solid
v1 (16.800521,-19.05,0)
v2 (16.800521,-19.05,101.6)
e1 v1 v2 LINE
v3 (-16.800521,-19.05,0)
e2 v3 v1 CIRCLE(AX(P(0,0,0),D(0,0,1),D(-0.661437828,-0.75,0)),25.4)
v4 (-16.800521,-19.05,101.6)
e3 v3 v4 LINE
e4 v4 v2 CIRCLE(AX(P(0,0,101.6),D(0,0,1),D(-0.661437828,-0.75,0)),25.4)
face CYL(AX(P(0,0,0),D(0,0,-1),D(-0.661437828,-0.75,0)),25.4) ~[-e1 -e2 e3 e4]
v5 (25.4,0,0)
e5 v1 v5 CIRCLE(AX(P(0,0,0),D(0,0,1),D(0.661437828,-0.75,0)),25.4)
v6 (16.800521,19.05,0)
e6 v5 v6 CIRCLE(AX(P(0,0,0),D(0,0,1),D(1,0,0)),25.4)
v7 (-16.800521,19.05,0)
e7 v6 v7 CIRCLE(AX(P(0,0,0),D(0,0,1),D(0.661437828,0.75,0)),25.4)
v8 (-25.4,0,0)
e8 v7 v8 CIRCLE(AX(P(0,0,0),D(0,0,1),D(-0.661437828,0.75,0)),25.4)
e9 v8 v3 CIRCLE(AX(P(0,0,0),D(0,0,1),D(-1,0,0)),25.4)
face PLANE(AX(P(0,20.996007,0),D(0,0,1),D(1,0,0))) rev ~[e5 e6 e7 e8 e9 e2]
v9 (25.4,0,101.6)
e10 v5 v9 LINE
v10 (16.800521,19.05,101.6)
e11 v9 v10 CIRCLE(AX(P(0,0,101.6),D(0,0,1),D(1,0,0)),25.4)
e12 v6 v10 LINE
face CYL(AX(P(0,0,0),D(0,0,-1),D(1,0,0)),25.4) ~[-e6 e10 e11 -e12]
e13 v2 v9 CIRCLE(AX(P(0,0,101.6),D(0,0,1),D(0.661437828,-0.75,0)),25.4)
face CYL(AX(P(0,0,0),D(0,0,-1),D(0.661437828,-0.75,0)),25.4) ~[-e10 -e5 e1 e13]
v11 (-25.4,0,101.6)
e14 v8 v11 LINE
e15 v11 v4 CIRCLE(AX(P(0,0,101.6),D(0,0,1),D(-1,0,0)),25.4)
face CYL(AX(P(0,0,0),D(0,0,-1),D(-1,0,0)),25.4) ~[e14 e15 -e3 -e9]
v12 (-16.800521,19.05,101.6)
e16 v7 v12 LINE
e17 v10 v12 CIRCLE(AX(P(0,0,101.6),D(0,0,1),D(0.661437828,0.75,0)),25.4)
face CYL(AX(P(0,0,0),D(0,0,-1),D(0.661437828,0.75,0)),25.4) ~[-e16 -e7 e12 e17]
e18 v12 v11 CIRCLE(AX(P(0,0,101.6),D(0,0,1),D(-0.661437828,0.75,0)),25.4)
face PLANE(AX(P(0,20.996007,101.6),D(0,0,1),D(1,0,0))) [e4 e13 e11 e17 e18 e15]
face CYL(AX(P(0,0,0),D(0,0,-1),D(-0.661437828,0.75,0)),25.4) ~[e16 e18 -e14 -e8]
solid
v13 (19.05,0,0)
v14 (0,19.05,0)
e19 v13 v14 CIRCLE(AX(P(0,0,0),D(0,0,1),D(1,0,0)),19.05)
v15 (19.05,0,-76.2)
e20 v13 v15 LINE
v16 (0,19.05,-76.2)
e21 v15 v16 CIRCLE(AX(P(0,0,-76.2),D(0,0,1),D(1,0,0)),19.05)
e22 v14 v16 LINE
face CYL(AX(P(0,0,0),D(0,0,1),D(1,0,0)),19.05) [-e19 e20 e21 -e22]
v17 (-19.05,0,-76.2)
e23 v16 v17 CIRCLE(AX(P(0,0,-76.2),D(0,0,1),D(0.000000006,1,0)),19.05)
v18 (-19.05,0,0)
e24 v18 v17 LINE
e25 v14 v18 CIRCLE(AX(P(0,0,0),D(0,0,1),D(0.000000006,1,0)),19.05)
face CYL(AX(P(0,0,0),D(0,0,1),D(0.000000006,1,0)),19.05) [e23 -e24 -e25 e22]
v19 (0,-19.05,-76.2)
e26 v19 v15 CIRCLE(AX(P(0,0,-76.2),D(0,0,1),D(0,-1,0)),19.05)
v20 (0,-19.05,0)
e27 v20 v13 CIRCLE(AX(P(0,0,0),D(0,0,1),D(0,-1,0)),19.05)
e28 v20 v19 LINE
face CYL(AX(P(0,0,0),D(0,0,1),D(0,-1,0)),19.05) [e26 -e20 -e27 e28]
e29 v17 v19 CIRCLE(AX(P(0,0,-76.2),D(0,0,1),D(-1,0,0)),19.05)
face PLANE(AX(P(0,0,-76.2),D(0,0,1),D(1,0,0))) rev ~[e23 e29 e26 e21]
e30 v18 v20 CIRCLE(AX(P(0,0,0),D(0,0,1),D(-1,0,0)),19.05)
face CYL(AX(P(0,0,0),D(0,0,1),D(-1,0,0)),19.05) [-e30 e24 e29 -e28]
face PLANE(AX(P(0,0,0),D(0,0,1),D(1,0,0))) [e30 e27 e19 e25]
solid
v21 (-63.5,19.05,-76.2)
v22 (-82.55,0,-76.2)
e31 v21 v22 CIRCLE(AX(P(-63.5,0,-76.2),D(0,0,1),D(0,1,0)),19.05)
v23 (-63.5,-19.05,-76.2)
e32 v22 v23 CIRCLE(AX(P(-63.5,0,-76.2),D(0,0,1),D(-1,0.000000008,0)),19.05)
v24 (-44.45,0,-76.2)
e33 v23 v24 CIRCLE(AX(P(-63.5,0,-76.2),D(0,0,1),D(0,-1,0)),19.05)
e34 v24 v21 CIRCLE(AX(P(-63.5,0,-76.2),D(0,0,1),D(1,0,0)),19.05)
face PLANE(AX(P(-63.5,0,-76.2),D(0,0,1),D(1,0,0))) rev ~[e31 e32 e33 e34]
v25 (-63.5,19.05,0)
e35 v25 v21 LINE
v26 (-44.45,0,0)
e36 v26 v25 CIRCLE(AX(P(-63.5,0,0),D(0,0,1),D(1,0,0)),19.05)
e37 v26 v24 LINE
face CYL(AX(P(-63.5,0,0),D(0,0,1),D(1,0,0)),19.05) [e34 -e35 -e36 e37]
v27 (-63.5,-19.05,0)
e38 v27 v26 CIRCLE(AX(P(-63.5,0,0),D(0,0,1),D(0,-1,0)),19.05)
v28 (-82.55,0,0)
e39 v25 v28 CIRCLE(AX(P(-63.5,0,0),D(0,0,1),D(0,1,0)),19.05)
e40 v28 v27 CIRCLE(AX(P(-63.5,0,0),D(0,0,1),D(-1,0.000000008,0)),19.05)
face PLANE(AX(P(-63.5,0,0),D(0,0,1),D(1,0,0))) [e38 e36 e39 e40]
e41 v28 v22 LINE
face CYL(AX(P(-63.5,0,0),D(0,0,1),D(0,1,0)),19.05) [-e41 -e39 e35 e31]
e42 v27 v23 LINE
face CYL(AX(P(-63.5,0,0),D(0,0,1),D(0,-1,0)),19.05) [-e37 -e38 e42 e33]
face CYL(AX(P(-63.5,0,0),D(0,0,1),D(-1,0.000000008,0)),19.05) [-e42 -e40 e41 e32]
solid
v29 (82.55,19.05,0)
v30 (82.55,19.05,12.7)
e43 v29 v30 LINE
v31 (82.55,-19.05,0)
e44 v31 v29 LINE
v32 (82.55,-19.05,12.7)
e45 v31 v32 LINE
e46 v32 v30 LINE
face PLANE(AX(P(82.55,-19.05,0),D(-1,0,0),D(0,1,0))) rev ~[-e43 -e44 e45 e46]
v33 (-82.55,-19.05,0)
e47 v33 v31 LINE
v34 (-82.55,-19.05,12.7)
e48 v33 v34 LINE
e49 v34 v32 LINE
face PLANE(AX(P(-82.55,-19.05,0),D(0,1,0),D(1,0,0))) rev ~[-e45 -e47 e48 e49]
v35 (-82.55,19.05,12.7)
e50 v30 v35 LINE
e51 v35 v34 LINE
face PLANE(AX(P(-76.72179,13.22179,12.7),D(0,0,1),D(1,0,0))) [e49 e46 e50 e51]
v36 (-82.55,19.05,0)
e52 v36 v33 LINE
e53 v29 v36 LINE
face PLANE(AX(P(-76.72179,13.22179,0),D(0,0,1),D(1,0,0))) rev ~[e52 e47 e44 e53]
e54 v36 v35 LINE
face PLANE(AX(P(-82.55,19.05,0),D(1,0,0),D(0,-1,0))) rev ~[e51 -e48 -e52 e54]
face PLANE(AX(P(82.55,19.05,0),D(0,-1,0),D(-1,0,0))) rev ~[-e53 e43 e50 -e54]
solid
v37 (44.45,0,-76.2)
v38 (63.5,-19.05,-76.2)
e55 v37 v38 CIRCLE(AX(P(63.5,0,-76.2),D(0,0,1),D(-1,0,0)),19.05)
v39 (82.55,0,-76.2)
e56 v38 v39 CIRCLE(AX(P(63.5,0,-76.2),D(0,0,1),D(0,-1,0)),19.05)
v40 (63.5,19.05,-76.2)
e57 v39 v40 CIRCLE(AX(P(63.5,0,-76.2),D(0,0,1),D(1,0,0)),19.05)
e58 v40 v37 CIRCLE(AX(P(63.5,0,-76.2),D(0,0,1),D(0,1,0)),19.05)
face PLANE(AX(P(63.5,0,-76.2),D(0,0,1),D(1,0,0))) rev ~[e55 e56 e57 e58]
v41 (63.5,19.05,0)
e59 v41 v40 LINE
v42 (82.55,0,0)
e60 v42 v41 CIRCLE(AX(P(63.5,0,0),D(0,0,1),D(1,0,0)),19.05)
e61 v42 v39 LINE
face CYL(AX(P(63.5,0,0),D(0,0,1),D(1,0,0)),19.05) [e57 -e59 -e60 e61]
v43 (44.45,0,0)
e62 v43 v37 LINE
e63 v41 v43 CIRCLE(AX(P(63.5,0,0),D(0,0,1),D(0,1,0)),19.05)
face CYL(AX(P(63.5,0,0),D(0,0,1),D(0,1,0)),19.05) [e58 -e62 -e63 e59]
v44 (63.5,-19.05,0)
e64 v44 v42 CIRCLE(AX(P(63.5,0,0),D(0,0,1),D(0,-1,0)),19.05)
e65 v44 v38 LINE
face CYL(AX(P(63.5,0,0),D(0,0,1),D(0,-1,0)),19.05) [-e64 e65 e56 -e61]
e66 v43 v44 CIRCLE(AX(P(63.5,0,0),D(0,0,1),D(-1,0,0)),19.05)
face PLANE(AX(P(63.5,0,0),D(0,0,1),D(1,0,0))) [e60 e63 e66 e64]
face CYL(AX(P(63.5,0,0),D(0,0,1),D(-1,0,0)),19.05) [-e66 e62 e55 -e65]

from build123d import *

# Parameters (mm, degrees)
F1_DEPTH = 12.7
F2_DEPTH = 76.2
F3_DEPTH = 101.6


with BuildPart() as f1:
    # F0 (on Top) → F1 (new body)
    with BuildSketch(Plane.XY):
        with BuildLine():
            ThreePointArc((-82.55, 1.56e-07), (-76.9703841264, 13.4703842368), (-63.5, 19.05))
            Line((-63.5, 19.05), (-82.55, 19.05))
            Line((-82.55, 19.05), (-82.55, 1.56e-07))
        make_face()
        with BuildLine():
            ThreePointArc((-63.5, -19.05), (-76.9703842368, -13.4703841264), (-82.55, 1.56e-07))
            Line((-82.55, 1.56e-07), (-82.55, -19.05))
            Line((-82.55, -19.05), (-63.5, -19.05))
        make_face()
        with BuildLine():
            Line((82.55, 0), (82.55, 19.05))
            Line((82.55, 19.05), (63.5, 19.05))
            ThreePointArc((63.5, 19.05), (76.9703841816, 13.4703841816), (82.55, 0))
        make_face()
        with BuildLine():
            Line((82.55, -19.05), (82.55, 0))
            ThreePointArc((82.55, 0), (76.9703841816, -13.4703841816), (63.5, -19.05))
            Line((63.5, -19.05), (82.55, -19.05))
        make_face()
        with BuildLine():
            ThreePointArc((25.4, 0), (23.1505208253, 10.4505208253), (16.8005208253, 19.05))
            Line((16.8005208253, 19.05), (1.179e-07, 19.05))
            ThreePointArc((1.179e-07, 19.05), (13.4703842233, 13.4703841399), (19.05, 0))
            Line((19.05, 0), (25.4, 0))
        make_face()
        with BuildLine():
            ThreePointArc((19.05, 0), (13.4703842233, 13.4703841399), (1.179e-07, 19.05))
            ThreePointArc((1.179e-07, 19.05), (-13.4703841399, 13.4703842233), (-19.05, 0))
            ThreePointArc((-19.05, 0), (-13.4703841805, -13.4703841827), (3.1e-09, -19.05))
            ThreePointArc((3.1e-09, -19.05), (13.4703841827, -13.4703841805), (19.05, 0))
        make_face()
        with BuildLine():
            ThreePointArc((-25.4, 0), (-23.1505208253, 10.4505208253), (-16.8005208253, 19.05))
            Line((-16.8005208253, 19.05), (-63.5, 19.05))
            ThreePointArc((-63.5, 19.05), (-50.0296158184, 13.4703841816), (-44.45, 0))
            Line((-44.45, 0), (-25.4, 0))
        make_face()
        with BuildLine():
            ThreePointArc((-44.45, 0), (-50.0296158184, 13.4703841816), (-63.5, 19.05))
            ThreePointArc((-63.5, 19.05), (-76.9703841264, 13.4703842368), (-82.55, 1.56e-07))
            ThreePointArc((-82.55, 1.56e-07), (-76.9703842368, -13.4703841264), (-63.5, -19.05))
            ThreePointArc((-63.5, -19.05), (-50.0296158184, -13.4703841816), (-44.45, 0))
        make_face()
        with BuildLine():
            ThreePointArc((-16.8005208253, -19.05), (-23.1505208253, -10.4505208253), (-25.4, 0))
            Line((-25.4, 0), (-44.45, 0))
            ThreePointArc((-44.45, 0), (-50.0296158184, -13.4703841816), (-63.5, -19.05))
            Line((-63.5, -19.05), (-16.8005208253, -19.05))
        make_face()
        with BuildLine():
            ThreePointArc((-19.05, 0), (-13.4703841399, 13.4703842233), (1.179e-07, 19.05))
            Line((1.179e-07, 19.05), (-16.8005208253, 19.05))
            ThreePointArc((-16.8005208253, 19.05), (-23.1505208253, 10.4505208253), (-25.4, 0))
            Line((-25.4, 0), (-19.05, 0))
        make_face()
        with BuildLine():
            ThreePointArc((3.1e-09, -19.05), (-13.4703841805, -13.4703841827), (-19.05, 0))
            Line((-19.05, 0), (-25.4, 0))
            ThreePointArc((-25.4, 0), (-23.1505208253, -10.4505208253), (-16.8005208253, -19.05))
            Line((-16.8005208253, -19.05), (3.1e-09, -19.05))
        make_face()
        with BuildLine():
            ThreePointArc((16.8005208253, -19.05), (23.1505208253, -10.4505208253), (25.4, 0))
            Line((25.4, 0), (19.05, 0))
            ThreePointArc((19.05, 0), (13.4703841827, -13.4703841805), (3.1e-09, -19.05))
            Line((3.1e-09, -19.05), (16.8005208253, -19.05))
        make_face()
        with BuildLine():
            ThreePointArc((63.5, -19.05), (50.0296158184, -13.4703841816), (44.45, 0))
            Line((44.45, 0), (25.4, 0))
            ThreePointArc((25.4, 0), (23.1505208253, -10.4505208253), (16.8005208253, -19.05))
            Line((16.8005208253, -19.05), (63.5, -19.05))
        make_face()
        with BuildLine():
            ThreePointArc((44.45, 0), (50.0296158184, 13.4703841816), (63.5, 19.05))
            Line((63.5, 19.05), (16.8005208253, 19.05))
            ThreePointArc((16.8005208253, 19.05), (23.1505208253, 10.4505208253), (25.4, 0))
            Line((25.4, 0), (44.45, 0))
        make_face()
        with BuildLine():
            ThreePointArc((82.55, 0), (76.9703841816, 13.4703841816), (63.5, 19.05))
            ThreePointArc((63.5, 19.05), (50.0296158184, 13.4703841816), (44.45, 0))
            ThreePointArc((44.45, 0), (50.0296158184, -13.4703841816), (63.5, -19.05))
            ThreePointArc((63.5, -19.05), (76.9703841816, -13.4703841816), (82.55, 0))
        make_face()
    extrude(amount=F1_DEPTH)


with BuildPart() as f2:
    # F0 (on Top) → F2 (new body)
    with BuildSketch(Plane.XY):
        with BuildLine():
            ThreePointArc((82.55, 0), (76.9703841816, 13.4703841816), (63.5, 19.05))
            ThreePointArc((63.5, 19.05), (50.0296158184, 13.4703841816), (44.45, 0))
            ThreePointArc((44.45, 0), (50.0296158184, -13.4703841816), (63.5, -19.05))
            ThreePointArc((63.5, -19.05), (76.9703841816, -13.4703841816), (82.55, 0))
        make_face()
    extrude(amount=-F2_DEPTH)


with BuildPart() as f2b:
    # F0 (on Top) → F2, piece 2 (new body)
    with BuildSketch(Plane.XY):
        with BuildLine():
            ThreePointArc((19.05, 0), (13.4703842233, 13.4703841399), (1.179e-07, 19.05))
            ThreePointArc((1.179e-07, 19.05), (-13.4703841399, 13.4703842233), (-19.05, 0))
            ThreePointArc((-19.05, 0), (-13.4703841805, -13.4703841827), (3.1e-09, -19.05))
            ThreePointArc((3.1e-09, -19.05), (13.4703841827, -13.4703841805), (19.05, 0))
        make_face()
    extrude(amount=-F2_DEPTH)


with BuildPart() as f2c:
    # F0 (on Top) → F2, piece 3 (new body)
    with BuildSketch(Plane.XY):
        with BuildLine():
            ThreePointArc((-44.45, 0), (-50.0296158184, 13.4703841816), (-63.5, 19.05))
            ThreePointArc((-63.5, 19.05), (-76.9703841264, 13.4703842368), (-82.55, 1.56e-07))
            ThreePointArc((-82.55, 1.56e-07), (-76.9703842368, -13.4703841264), (-63.5, -19.05))
            ThreePointArc((-63.5, -19.05), (-50.0296158184, -13.4703841816), (-44.45, 0))
        make_face()
    extrude(amount=-F2_DEPTH)


with BuildPart() as f3:
    # F0 (on Top) → F3 (new body)
    with BuildSketch(Plane.XY):
        with BuildLine():
            Line((1.179e-07, 19.05), (16.8005208253, 19.05))
            ThreePointArc((16.8005208253, 19.05), (0, 25.4), (-16.8005208253, 19.05))
            Line((-16.8005208253, 19.05), (1.179e-07, 19.05))
        make_face()
        with BuildLine():
            ThreePointArc((-19.05, 0), (-13.4703841399, 13.4703842233), (1.179e-07, 19.05))
            Line((1.179e-07, 19.05), (-16.8005208253, 19.05))
            ThreePointArc((-16.8005208253, 19.05), (-23.1505208253, 10.4505208253), (-25.4, 0))
            Line((-25.4, 0), (-19.05, 0))
        make_face()
        with BuildLine():
            ThreePointArc((19.05, 0), (13.4703842233, 13.4703841399), (1.179e-07, 19.05))
            ThreePointArc((1.179e-07, 19.05), (-13.4703841399, 13.4703842233), (-19.05, 0))
            ThreePointArc((-19.05, 0), (-13.4703841805, -13.4703841827), (3.1e-09, -19.05))
            ThreePointArc((3.1e-09, -19.05), (13.4703841827, -13.4703841805), (19.05, 0))
        make_face()
        with BuildLine():
            ThreePointArc((3.1e-09, -19.05), (-13.4703841805, -13.4703841827), (-19.05, 0))
            Line((-19.05, 0), (-25.4, 0))
            ThreePointArc((-25.4, 0), (-23.1505208253, -10.4505208253), (-16.8005208253, -19.05))
            Line((-16.8005208253, -19.05), (3.1e-09, -19.05))
        make_face()
        with BuildLine():
            ThreePointArc((-16.8005208253, -19.05), (0, -25.4), (16.8005208253, -19.05))
            Line((16.8005208253, -19.05), (3.1e-09, -19.05))
            Line((3.1e-09, -19.05), (-16.8005208253, -19.05))
        make_face()
        with BuildLine():
            ThreePointArc((16.8005208253, -19.05), (23.1505208253, -10.4505208253), (25.4, 0))
            Line((25.4, 0), (19.05, 0))
            ThreePointArc((19.05, 0), (13.4703841827, -13.4703841805), (3.1e-09, -19.05))
            Line((3.1e-09, -19.05), (16.8005208253, -19.05))
        make_face()
        with BuildLine():
            ThreePointArc((25.4, 0), (23.1505208253, 10.4505208253), (16.8005208253, 19.05))
            Line((16.8005208253, 19.05), (1.179e-07, 19.05))
            ThreePointArc((1.179e-07, 19.05), (13.4703842233, 13.4703841399), (19.05, 0))
            Line((19.05, 0), (25.4, 0))
        make_face()
    extrude(amount=F3_DEPTH)


solid = Compound([f1.part, f2.part, f2b.part, f2c.part, f3.part])
